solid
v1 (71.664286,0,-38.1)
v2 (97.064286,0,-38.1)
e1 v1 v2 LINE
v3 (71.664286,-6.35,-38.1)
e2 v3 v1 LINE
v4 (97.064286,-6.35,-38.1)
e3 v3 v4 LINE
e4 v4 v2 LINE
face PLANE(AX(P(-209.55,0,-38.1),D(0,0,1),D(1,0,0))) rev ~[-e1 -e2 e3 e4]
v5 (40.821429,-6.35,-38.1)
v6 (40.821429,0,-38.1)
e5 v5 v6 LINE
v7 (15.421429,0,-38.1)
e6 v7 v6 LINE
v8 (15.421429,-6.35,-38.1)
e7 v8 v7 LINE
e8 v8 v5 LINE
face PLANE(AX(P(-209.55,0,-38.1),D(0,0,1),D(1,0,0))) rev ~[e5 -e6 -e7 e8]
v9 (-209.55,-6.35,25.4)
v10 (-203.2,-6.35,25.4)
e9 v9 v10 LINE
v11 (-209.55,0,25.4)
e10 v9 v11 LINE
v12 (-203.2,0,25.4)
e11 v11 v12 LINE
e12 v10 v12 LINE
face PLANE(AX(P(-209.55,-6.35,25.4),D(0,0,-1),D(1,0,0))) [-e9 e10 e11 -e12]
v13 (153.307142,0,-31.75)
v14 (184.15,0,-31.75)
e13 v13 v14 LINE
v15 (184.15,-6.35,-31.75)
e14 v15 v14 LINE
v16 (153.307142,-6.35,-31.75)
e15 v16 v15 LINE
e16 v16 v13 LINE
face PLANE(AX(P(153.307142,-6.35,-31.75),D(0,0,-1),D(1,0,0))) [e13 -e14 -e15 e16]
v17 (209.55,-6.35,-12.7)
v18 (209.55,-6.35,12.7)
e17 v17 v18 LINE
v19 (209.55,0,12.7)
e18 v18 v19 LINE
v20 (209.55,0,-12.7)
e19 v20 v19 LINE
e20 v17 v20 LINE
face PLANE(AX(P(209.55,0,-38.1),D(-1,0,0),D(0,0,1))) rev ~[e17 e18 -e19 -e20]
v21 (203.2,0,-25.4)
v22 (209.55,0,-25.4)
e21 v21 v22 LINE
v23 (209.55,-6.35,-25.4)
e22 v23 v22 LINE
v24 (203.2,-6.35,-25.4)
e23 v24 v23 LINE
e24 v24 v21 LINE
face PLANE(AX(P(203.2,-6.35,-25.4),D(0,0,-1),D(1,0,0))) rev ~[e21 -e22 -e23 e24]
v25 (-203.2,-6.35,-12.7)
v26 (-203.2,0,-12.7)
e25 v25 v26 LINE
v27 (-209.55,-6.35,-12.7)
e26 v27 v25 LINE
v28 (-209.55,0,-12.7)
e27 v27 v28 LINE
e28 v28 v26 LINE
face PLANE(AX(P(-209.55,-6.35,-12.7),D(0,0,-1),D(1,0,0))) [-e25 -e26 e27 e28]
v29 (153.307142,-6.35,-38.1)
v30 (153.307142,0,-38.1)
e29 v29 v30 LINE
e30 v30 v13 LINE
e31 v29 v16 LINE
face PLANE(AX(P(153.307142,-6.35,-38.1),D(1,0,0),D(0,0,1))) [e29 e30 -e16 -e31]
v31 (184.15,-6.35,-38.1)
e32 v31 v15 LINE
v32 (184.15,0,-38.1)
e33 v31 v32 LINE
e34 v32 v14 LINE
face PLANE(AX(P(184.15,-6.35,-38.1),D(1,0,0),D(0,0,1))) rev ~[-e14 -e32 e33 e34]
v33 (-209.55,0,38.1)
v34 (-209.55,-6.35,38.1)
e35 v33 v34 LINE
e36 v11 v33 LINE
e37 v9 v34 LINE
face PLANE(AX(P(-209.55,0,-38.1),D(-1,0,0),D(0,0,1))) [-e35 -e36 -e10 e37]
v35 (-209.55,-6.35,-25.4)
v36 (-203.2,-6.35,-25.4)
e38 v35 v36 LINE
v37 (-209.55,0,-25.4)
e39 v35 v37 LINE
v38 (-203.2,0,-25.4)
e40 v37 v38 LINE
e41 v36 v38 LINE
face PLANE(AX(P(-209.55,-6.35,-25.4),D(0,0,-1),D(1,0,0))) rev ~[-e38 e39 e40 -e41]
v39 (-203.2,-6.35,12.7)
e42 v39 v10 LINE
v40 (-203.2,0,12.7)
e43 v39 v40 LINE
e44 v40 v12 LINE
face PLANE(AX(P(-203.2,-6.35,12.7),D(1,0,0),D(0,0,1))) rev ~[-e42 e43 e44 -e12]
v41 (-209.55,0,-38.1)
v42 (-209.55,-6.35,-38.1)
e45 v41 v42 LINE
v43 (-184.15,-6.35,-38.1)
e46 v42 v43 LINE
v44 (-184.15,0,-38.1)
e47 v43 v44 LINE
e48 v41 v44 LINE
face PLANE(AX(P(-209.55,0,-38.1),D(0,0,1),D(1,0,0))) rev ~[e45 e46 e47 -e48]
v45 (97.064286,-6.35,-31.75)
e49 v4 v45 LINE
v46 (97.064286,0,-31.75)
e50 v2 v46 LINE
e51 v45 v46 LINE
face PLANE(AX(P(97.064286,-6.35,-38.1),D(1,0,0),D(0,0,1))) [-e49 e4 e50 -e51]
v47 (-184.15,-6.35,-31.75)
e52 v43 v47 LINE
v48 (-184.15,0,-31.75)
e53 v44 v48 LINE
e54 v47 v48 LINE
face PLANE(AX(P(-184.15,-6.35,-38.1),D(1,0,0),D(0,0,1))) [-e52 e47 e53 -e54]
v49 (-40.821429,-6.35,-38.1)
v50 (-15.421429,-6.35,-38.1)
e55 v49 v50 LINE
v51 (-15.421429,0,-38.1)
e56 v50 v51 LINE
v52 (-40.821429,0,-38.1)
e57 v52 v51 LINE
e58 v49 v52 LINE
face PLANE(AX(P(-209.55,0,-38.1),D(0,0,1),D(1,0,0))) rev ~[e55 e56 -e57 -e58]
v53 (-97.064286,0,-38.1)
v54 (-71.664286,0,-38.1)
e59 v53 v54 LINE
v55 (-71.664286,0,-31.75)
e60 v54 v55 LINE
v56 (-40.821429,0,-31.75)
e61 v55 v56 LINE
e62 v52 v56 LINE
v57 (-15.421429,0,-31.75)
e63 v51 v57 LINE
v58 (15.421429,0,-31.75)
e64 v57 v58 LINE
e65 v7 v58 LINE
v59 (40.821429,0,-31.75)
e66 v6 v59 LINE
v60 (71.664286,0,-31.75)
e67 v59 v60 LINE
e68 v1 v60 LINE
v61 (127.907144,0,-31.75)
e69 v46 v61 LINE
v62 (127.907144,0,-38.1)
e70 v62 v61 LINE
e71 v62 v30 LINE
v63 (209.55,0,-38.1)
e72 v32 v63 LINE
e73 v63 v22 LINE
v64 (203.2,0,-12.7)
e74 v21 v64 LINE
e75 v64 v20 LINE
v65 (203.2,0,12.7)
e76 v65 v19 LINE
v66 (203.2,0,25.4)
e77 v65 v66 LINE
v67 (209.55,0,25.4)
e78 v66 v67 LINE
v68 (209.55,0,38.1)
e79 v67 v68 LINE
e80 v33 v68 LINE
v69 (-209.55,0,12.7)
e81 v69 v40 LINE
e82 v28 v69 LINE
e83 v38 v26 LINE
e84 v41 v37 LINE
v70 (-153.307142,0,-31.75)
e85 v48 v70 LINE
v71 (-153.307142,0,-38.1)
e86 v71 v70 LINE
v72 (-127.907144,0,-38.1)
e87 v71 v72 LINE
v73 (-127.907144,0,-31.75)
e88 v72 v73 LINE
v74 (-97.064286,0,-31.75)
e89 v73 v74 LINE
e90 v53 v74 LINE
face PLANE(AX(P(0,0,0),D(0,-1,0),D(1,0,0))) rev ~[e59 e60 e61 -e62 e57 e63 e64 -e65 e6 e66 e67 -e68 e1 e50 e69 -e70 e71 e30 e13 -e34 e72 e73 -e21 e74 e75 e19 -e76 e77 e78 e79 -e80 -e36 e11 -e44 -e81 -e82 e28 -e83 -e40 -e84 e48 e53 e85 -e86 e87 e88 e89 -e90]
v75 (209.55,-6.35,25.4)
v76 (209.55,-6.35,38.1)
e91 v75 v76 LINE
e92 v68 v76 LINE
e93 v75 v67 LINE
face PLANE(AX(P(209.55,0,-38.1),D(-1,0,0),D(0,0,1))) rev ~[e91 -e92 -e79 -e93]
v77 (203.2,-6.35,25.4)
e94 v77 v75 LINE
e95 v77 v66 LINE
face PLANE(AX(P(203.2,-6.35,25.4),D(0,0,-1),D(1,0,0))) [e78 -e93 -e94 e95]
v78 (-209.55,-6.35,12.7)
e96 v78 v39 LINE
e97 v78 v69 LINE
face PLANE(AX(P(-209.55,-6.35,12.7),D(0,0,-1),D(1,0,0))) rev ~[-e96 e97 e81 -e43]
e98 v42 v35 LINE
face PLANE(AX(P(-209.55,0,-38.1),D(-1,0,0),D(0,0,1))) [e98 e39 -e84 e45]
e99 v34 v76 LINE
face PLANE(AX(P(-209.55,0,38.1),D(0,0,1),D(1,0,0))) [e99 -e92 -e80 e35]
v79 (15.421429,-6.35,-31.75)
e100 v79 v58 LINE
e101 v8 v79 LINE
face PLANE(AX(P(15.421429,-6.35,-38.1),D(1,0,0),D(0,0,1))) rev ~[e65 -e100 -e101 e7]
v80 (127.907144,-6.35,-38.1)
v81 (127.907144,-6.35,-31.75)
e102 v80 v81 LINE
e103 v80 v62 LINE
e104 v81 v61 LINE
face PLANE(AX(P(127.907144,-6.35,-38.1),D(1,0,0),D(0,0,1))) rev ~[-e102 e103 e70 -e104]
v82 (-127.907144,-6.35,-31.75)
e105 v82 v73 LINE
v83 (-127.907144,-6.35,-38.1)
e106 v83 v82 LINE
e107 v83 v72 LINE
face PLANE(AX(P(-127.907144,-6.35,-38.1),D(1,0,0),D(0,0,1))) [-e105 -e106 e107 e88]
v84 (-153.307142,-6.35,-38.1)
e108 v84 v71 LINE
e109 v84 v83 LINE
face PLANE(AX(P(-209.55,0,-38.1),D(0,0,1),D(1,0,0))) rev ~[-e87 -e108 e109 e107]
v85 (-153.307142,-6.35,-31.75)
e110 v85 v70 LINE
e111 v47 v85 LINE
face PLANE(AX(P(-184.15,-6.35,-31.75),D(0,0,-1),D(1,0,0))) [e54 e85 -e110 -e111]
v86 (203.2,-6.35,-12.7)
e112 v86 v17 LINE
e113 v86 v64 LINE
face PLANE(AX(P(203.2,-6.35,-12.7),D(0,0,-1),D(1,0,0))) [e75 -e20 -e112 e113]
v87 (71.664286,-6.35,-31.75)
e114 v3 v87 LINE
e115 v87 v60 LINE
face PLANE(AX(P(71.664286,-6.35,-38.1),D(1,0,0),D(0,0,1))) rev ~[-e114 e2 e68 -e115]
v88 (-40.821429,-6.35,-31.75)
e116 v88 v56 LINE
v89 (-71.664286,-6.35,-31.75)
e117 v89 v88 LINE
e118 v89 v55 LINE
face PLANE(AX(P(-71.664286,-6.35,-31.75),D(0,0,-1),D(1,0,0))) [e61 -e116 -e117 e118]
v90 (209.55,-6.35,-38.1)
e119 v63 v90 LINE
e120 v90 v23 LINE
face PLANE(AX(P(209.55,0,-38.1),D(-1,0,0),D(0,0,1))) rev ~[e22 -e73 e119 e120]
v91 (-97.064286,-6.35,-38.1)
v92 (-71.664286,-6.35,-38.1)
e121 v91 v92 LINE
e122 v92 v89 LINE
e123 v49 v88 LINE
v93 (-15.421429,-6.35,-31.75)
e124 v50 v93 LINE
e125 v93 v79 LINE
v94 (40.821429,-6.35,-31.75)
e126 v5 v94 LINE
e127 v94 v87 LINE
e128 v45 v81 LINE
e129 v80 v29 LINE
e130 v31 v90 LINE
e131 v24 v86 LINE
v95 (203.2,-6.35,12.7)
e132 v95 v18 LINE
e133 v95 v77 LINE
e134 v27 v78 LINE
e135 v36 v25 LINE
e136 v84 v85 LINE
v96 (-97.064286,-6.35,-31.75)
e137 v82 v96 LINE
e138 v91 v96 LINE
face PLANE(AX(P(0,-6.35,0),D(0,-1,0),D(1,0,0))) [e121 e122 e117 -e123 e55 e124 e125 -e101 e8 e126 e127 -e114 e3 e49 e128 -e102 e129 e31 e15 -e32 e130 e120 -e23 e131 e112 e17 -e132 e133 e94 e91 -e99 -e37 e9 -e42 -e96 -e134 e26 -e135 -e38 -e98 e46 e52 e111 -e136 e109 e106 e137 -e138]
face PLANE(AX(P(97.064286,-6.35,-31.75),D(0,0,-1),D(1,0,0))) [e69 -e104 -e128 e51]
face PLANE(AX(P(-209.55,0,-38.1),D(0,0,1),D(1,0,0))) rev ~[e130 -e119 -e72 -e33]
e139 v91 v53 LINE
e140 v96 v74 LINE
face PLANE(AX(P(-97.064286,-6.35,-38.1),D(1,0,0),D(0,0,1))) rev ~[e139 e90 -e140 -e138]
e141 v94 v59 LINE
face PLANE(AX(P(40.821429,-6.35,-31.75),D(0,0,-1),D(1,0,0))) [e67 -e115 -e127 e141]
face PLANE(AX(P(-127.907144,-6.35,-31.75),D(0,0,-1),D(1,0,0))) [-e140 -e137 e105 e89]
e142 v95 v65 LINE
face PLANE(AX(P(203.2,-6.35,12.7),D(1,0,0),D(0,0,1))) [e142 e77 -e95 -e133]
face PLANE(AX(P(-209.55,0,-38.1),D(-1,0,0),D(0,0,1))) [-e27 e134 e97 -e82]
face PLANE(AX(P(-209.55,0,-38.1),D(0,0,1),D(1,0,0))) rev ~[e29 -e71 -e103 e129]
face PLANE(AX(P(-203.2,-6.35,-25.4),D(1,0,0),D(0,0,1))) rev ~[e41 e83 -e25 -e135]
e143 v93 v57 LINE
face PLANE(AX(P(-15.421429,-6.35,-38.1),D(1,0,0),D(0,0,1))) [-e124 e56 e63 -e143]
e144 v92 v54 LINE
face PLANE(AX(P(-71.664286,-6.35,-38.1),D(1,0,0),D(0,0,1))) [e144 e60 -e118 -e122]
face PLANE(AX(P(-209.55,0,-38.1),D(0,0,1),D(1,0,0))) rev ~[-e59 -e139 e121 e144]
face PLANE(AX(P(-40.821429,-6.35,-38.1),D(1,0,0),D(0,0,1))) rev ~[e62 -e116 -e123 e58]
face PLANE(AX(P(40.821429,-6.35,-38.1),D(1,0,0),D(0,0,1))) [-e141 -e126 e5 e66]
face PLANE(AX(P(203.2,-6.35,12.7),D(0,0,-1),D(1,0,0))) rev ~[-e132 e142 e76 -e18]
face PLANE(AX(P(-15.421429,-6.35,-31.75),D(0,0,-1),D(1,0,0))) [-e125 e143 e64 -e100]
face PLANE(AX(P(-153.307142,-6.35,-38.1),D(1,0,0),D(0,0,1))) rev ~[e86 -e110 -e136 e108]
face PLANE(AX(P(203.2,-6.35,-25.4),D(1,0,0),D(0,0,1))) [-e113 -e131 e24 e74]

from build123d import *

# Parameters (mm, degrees)
F0_W     = 419.1
F0_H     = 76.2
F1_DEPTH = 6.35
F2_W     = 30.842857
F2_H     = 6.35
F2_W_2   = 30.842858
F2_W_3   = 6.35
F2_H_2   = 12.7
F3_DEPTH = 6.351


with BuildPart() as f1:
    # F0 (on Front) → F1 (new body)
    with BuildSketch(Plane.XZ):
        Rectangle(F0_W, F0_H)
    extrude(amount=F1_DEPTH)

    # F2 (on face) → F3 (cut, through all)
    with BuildSketch(Plane.XZ.offset(6.35)):
        with Locations((-168.728571, -34.925)):
            Rectangle(F2_W, F2_H)
        with Locations((-112.485715, -34.925)):
            Rectangle(F2_W, F2_H)
        with Locations((-56.242857, -34.925)):
            Rectangle(F2_W, F2_H)
        with Locations((0, -34.925)):
            Rectangle(F2_W_2, F2_H)
        with Locations((56.242857, -34.925)):
            Rectangle(F2_W, F2_H)
        with Locations((112.485715, -34.925)):
            Rectangle(F2_W, F2_H)
        with Locations((168.728571, -34.925)):
            Rectangle(F2_W, F2_H)
        with Locations((-206.375, -19.05)):
            Rectangle(F2_W_3, F2_H_2)
        with Locations((-206.375, 19.05)):
            Rectangle(F2_W_3, F2_H_2)
        with Locations((206.375, 19.05)):
            Rectangle(F2_W_3, F2_H_2)
        with Locations((206.375, -19.05)):
            Rectangle(F2_W_3, F2_H_2)
    extrude(amount=-F3_DEPTH, mode=Mode.SUBTRACT)


solid = f1.part
